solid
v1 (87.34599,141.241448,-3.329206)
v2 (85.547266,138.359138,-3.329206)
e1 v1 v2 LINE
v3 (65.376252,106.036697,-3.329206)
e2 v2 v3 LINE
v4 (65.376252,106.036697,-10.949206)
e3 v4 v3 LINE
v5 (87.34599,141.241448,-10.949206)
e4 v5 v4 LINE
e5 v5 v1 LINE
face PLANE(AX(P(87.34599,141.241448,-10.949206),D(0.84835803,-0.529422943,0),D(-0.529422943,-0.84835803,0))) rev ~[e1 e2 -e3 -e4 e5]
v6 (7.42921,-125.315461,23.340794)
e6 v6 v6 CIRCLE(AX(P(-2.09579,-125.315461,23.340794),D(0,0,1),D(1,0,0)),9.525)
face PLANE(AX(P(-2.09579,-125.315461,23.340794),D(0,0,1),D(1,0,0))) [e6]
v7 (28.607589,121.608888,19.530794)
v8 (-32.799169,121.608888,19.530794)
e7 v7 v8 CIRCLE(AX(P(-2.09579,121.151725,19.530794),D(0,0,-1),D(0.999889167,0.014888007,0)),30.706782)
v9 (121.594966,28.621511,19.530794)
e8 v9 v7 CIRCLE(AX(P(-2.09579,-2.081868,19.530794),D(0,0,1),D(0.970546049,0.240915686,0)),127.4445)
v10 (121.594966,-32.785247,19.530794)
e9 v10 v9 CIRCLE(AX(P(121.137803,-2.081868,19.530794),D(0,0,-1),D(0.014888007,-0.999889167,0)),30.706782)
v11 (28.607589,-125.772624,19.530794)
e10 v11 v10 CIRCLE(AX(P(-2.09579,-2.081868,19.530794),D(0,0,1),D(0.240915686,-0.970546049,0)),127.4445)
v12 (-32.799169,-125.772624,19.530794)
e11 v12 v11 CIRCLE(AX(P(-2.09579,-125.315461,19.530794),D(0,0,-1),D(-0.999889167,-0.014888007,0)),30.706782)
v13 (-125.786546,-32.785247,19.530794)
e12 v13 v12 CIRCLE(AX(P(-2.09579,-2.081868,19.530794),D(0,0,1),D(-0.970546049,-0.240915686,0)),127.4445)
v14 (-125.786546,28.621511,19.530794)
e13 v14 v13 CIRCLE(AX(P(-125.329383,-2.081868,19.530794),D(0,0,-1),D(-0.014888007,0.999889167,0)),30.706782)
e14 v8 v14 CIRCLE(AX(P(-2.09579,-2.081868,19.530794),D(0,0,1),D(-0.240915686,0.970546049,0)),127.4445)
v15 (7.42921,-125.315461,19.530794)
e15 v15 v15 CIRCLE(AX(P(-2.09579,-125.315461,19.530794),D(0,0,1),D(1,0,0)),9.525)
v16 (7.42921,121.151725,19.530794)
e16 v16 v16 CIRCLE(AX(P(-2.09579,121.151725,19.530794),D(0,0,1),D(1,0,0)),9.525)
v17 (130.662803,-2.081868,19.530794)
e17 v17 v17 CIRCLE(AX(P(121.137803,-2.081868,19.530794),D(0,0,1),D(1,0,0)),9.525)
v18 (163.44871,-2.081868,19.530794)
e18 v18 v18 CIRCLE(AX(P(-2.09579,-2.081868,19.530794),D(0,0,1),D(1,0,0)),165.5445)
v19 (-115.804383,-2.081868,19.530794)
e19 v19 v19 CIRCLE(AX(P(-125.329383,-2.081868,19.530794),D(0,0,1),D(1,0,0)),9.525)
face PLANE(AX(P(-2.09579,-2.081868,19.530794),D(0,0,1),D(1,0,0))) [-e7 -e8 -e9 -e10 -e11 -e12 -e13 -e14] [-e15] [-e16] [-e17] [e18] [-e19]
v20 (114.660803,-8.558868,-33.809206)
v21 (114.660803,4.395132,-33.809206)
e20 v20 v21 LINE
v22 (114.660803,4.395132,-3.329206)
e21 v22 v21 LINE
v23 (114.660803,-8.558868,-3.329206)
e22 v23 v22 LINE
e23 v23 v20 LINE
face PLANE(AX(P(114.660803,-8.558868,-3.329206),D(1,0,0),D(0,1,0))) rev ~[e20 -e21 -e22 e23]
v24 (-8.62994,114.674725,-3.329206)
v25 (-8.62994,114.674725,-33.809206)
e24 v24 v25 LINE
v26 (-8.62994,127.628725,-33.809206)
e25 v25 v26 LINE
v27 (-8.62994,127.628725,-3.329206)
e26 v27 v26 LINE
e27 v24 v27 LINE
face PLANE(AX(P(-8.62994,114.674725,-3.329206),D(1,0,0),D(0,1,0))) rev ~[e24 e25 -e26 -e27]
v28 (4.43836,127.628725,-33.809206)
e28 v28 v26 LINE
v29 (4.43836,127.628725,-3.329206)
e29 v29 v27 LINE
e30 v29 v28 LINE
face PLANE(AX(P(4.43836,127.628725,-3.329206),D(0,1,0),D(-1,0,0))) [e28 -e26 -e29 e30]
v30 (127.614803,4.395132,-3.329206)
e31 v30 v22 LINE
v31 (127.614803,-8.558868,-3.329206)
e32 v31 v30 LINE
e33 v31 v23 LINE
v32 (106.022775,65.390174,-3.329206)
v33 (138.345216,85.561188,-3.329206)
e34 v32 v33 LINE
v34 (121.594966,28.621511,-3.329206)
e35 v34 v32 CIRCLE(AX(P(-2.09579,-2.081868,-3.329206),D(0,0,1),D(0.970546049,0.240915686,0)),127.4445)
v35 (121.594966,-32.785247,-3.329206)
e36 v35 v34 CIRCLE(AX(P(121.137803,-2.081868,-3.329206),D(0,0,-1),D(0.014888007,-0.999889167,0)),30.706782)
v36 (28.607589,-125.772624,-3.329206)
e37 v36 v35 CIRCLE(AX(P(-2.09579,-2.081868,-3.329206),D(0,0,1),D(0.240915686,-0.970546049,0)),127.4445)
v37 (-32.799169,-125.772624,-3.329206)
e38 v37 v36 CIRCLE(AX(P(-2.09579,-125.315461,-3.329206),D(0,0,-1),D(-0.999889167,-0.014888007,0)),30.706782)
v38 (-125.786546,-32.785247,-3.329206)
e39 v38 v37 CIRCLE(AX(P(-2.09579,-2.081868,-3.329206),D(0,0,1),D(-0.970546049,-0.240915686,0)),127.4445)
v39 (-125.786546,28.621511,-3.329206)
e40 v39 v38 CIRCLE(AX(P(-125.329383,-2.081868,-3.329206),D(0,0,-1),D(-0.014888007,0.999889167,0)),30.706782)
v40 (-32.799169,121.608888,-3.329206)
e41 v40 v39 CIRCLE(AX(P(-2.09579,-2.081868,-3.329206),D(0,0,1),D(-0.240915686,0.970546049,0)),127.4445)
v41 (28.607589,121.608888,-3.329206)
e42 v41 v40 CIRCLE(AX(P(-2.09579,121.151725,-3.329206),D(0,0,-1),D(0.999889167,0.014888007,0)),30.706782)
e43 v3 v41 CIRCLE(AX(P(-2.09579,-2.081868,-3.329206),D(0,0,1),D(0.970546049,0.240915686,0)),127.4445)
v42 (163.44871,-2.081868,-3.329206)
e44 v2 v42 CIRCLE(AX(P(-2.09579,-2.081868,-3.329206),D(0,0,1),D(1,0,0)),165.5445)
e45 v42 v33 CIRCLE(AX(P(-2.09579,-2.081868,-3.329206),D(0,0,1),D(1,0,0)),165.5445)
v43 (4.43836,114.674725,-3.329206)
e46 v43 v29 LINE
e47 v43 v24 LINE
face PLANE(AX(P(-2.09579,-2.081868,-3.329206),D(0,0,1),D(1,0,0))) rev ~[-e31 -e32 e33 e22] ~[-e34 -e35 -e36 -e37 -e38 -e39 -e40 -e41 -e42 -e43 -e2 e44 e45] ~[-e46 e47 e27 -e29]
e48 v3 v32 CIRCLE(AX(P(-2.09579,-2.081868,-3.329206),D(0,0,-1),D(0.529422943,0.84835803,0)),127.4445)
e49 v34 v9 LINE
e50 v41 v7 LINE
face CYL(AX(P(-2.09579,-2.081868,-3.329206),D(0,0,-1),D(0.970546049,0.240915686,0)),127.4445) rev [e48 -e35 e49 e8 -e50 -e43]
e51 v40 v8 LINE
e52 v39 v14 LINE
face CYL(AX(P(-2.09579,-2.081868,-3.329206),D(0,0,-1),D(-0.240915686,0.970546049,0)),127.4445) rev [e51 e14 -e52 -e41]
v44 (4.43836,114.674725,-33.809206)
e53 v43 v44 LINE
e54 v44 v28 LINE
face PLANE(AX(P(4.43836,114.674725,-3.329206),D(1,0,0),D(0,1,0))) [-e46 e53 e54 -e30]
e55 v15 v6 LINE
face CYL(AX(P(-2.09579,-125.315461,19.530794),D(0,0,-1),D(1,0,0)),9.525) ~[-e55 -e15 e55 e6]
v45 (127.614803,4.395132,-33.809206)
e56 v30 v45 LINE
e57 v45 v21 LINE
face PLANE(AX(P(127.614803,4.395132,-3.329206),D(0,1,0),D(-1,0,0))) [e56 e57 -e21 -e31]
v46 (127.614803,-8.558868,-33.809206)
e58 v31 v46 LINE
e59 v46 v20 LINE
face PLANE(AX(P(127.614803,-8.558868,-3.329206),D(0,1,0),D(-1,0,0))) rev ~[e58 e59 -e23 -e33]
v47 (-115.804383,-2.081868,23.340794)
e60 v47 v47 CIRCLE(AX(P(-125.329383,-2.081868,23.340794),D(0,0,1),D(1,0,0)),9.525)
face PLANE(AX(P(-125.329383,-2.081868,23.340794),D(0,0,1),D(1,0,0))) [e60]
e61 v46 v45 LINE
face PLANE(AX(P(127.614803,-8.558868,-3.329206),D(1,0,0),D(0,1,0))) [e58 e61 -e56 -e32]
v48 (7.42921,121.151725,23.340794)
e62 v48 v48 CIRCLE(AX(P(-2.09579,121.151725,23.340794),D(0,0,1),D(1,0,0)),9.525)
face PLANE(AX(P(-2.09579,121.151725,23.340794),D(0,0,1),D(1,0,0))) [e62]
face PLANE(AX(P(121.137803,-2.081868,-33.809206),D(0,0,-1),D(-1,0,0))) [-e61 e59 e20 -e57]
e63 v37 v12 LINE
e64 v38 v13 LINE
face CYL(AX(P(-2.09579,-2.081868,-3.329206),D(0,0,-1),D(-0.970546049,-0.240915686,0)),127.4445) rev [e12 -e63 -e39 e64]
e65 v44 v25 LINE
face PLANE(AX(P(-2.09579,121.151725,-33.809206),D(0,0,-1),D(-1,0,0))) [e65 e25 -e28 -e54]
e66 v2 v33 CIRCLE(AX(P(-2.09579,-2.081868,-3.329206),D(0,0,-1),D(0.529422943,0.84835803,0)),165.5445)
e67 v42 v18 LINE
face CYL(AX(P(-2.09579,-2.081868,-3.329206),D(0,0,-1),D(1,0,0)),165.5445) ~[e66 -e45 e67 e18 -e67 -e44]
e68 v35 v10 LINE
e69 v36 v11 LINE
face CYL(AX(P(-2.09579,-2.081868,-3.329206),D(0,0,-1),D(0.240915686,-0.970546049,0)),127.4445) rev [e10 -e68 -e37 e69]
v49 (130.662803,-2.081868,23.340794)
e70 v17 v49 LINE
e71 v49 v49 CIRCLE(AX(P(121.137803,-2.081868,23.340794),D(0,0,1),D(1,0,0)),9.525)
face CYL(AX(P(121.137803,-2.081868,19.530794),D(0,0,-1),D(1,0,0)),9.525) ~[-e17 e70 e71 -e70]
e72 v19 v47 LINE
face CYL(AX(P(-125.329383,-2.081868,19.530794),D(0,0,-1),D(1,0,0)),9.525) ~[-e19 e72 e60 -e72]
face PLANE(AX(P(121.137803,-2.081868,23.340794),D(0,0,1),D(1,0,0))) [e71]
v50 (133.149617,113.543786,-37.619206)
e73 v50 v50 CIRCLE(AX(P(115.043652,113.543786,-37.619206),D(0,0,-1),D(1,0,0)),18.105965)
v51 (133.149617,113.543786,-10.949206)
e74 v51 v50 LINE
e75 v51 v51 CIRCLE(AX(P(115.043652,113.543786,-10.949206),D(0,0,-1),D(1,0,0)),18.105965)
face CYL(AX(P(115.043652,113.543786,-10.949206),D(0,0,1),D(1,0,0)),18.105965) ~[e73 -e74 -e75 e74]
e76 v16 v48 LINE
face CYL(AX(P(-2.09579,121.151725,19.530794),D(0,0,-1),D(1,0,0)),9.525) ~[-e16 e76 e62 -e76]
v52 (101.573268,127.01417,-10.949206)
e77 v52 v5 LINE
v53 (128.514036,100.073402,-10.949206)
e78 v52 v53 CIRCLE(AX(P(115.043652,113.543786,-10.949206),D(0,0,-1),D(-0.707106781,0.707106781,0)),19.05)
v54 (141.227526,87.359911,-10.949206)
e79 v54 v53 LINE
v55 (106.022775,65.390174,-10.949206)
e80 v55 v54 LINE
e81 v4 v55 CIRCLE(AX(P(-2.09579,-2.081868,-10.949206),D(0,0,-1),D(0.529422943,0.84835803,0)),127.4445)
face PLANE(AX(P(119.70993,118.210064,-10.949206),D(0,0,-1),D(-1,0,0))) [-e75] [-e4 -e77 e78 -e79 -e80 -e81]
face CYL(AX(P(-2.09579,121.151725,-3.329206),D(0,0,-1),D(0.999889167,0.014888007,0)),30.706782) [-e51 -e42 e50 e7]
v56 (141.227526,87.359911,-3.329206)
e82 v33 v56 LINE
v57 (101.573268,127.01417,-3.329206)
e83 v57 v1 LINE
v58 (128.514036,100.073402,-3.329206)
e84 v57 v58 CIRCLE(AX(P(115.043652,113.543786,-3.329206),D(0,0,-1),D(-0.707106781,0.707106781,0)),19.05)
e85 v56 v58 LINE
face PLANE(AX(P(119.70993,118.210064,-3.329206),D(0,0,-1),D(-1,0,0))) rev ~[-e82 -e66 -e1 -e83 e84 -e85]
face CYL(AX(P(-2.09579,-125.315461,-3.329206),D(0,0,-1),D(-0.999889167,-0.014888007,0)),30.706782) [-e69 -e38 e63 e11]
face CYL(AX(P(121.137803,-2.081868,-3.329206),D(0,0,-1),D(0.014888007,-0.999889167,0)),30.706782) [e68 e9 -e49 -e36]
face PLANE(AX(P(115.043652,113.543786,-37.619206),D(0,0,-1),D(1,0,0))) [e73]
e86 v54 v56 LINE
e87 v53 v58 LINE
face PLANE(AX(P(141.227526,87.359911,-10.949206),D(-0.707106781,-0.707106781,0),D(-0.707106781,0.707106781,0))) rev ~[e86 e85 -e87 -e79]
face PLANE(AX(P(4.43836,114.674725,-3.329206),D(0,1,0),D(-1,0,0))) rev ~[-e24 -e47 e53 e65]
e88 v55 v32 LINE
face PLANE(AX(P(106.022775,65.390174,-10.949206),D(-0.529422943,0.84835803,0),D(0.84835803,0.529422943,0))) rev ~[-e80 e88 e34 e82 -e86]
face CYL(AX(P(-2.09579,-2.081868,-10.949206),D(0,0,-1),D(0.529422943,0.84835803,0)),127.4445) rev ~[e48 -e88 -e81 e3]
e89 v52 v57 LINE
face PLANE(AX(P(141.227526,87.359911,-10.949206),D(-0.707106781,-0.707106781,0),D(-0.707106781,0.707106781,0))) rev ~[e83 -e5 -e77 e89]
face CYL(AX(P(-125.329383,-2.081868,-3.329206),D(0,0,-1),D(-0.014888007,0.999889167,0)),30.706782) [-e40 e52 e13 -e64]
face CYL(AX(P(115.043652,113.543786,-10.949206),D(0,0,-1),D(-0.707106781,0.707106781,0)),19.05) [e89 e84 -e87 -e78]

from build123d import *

# Parameters (mm, degrees)
SKETCH1_R           = 110.363
BOSS_EXTRUDE1_DEPTH = 15.24
SKETCH2_R           = 6.35
BOSS_EXTRUDE2_DEPTH = 2.54
SKETCH3_W           = 8.636
SKETCH3_H           = 8.636
BOSS_EXTRUDE3_DEPTH = 20.32
SKETCH4_W           = 8.7122
SKETCH4_H           = 8.636
BOSS_EXTRUDE4_DEPTH = 20.32
BOSS_EXTRUDE5_START = 5.08
BOSS_EXTRUDE5_DEPTH = 5.08
BOSS_EXTRUDE6_DEPTH = 5.08
SKETCH7_R           = 12.070643518
BOSS_EXTRUDE7_DEPTH = 17.78
SCALE2_SCALE        = 1.5


with BuildPart() as part:
    # Sketch1 → Boss-Extrude1 (new body)
    with BuildSketch(Plane.XY):
        Circle(SKETCH1_R)
        with BuildLine():
            ThreePointArc((-20.468919413, 82.460503922), (-60.07791345, 60.07791345), (-82.460503922, 20.468919413))
            ThreePointArc((-82.460503922, 20.468919413), (-61.684540449, 0), (-82.460503922, -20.468919413))
            ThreePointArc((-82.460503922, -20.468919413), (-60.07791345, -60.07791345), (-20.468919413, -82.460503922))
            ThreePointArc((-20.468919413, -82.460503922), (0, -61.684540449), (20.468919413, -82.460503922))
            ThreePointArc((20.468919413, -82.460503922), (60.07791345, -60.07791345), (82.460503922, -20.468919413))
            ThreePointArc((82.460503922, -20.468919413), (61.684540449, 0), (82.460503922, 20.468919413))
            ThreePointArc((82.460503922, 20.468919413), (60.07791345, 60.07791345), (20.468919413, 82.460503922))
            ThreePointArc((20.468919413, 82.460503922), (0, 61.684540449), (-20.468919413, 82.460503922))
        make_face(mode=Mode.SUBTRACT)
    extrude(amount=BOSS_EXTRUDE1_DEPTH)

    # Sketch2 → Boss-Extrude2 (add)
    with BuildSketch(Plane.XY.offset(15.24)):
        with Locations((0, 82.155728736)):
            Circle(SKETCH2_R)
        with Locations((82.155728736, 0)):
            Circle(SKETCH2_R)
        with Locations((0, -82.155728736)):
            Circle(SKETCH2_R)
        with Locations((-82.155728736, 0)):
            Circle(SKETCH2_R)
    extrude(amount=BOSS_EXTRUDE2_DEPTH)

    # Sketch3 → Boss-Extrude3 (add)
    with BuildSketch(Plane(origin=(0, 0, 0), x_dir=(-1, 0, 0), z_dir=(0, 0, -1))):
        with Locations((-82.155728736, 0)):
            Rectangle(SKETCH3_W, SKETCH3_H)
    extrude(amount=BOSS_EXTRUDE3_DEPTH)

    # Sketch4 → Boss-Extrude4 (add)
    with BuildSketch(Plane(origin=(0, 0, 0), x_dir=(-1, 0, 0), z_dir=(0, 0, -1))):
        with Locations((0, 82.155728736)):
            Rectangle(SKETCH4_W, SKETCH4_H)
    extrude(amount=BOSS_EXTRUDE4_DEPTH)

    # Sketch5 → Boss-Extrude5 (add)
    with BuildSketch(Plane(origin=(0, 0, 0), x_dir=(-1, 0, 0), z_dir=(0, 0, -1)).offset(BOSS_EXTRUDE5_START)):
        with BuildLine():
            Line((-72.079043308, 44.981361527), (-95.54887759, 59.627853106))
            Line((-95.54887759, 59.627853106), (-59.627853106, 95.54887759))
            Line((-59.627853106, 95.54887759), (-44.981361527, 72.079043308))
            ThreePointArc((-44.981361527, 72.079043308), (-60.07791345, 60.07791345), (-72.079043308, 44.981361527))
        make_face()
    extrude(amount=-BOSS_EXTRUDE5_DEPTH)

    # Sketch6 → Boss-Extrude6 (add)
    with BuildSketch(Plane(origin=(0, 0, -5.08), x_dir=(-1, 0, 0), z_dir=(0, 0, -1))):
        with BuildLine():
            Line((-87.073217452, 68.103513244), (-69.11270521, 86.064025486))
            ThreePointArc((-69.11270521, 86.064025486), (-87.073217452, 86.064025486), (-87.073217452, 68.103513244))
        make_face()
    extrude(amount=-BOSS_EXTRUDE6_DEPTH)

    # Sketch7 → Boss-Extrude7 (add)
    with BuildSketch(Plane(origin=(0, 0, -5.08), x_dir=(-1, 0, 0), z_dir=(0, 0, -1))):
        with Locations(Location((-78.092961331, 77.083769365, 0), (0, 0, 180))):
            Circle(SKETCH7_R)
    extrude(amount=BOSS_EXTRUDE7_DEPTH)


with BuildPart() as part_1:
    # Scale2: scaled about (4.191580163, 4.163736675, 6.658412252)
    add(part.part.scale(SCALE2_SCALE).moved(Location((-2.095790082, -2.081868337, -3.329206126))))


solid = part_1.part
